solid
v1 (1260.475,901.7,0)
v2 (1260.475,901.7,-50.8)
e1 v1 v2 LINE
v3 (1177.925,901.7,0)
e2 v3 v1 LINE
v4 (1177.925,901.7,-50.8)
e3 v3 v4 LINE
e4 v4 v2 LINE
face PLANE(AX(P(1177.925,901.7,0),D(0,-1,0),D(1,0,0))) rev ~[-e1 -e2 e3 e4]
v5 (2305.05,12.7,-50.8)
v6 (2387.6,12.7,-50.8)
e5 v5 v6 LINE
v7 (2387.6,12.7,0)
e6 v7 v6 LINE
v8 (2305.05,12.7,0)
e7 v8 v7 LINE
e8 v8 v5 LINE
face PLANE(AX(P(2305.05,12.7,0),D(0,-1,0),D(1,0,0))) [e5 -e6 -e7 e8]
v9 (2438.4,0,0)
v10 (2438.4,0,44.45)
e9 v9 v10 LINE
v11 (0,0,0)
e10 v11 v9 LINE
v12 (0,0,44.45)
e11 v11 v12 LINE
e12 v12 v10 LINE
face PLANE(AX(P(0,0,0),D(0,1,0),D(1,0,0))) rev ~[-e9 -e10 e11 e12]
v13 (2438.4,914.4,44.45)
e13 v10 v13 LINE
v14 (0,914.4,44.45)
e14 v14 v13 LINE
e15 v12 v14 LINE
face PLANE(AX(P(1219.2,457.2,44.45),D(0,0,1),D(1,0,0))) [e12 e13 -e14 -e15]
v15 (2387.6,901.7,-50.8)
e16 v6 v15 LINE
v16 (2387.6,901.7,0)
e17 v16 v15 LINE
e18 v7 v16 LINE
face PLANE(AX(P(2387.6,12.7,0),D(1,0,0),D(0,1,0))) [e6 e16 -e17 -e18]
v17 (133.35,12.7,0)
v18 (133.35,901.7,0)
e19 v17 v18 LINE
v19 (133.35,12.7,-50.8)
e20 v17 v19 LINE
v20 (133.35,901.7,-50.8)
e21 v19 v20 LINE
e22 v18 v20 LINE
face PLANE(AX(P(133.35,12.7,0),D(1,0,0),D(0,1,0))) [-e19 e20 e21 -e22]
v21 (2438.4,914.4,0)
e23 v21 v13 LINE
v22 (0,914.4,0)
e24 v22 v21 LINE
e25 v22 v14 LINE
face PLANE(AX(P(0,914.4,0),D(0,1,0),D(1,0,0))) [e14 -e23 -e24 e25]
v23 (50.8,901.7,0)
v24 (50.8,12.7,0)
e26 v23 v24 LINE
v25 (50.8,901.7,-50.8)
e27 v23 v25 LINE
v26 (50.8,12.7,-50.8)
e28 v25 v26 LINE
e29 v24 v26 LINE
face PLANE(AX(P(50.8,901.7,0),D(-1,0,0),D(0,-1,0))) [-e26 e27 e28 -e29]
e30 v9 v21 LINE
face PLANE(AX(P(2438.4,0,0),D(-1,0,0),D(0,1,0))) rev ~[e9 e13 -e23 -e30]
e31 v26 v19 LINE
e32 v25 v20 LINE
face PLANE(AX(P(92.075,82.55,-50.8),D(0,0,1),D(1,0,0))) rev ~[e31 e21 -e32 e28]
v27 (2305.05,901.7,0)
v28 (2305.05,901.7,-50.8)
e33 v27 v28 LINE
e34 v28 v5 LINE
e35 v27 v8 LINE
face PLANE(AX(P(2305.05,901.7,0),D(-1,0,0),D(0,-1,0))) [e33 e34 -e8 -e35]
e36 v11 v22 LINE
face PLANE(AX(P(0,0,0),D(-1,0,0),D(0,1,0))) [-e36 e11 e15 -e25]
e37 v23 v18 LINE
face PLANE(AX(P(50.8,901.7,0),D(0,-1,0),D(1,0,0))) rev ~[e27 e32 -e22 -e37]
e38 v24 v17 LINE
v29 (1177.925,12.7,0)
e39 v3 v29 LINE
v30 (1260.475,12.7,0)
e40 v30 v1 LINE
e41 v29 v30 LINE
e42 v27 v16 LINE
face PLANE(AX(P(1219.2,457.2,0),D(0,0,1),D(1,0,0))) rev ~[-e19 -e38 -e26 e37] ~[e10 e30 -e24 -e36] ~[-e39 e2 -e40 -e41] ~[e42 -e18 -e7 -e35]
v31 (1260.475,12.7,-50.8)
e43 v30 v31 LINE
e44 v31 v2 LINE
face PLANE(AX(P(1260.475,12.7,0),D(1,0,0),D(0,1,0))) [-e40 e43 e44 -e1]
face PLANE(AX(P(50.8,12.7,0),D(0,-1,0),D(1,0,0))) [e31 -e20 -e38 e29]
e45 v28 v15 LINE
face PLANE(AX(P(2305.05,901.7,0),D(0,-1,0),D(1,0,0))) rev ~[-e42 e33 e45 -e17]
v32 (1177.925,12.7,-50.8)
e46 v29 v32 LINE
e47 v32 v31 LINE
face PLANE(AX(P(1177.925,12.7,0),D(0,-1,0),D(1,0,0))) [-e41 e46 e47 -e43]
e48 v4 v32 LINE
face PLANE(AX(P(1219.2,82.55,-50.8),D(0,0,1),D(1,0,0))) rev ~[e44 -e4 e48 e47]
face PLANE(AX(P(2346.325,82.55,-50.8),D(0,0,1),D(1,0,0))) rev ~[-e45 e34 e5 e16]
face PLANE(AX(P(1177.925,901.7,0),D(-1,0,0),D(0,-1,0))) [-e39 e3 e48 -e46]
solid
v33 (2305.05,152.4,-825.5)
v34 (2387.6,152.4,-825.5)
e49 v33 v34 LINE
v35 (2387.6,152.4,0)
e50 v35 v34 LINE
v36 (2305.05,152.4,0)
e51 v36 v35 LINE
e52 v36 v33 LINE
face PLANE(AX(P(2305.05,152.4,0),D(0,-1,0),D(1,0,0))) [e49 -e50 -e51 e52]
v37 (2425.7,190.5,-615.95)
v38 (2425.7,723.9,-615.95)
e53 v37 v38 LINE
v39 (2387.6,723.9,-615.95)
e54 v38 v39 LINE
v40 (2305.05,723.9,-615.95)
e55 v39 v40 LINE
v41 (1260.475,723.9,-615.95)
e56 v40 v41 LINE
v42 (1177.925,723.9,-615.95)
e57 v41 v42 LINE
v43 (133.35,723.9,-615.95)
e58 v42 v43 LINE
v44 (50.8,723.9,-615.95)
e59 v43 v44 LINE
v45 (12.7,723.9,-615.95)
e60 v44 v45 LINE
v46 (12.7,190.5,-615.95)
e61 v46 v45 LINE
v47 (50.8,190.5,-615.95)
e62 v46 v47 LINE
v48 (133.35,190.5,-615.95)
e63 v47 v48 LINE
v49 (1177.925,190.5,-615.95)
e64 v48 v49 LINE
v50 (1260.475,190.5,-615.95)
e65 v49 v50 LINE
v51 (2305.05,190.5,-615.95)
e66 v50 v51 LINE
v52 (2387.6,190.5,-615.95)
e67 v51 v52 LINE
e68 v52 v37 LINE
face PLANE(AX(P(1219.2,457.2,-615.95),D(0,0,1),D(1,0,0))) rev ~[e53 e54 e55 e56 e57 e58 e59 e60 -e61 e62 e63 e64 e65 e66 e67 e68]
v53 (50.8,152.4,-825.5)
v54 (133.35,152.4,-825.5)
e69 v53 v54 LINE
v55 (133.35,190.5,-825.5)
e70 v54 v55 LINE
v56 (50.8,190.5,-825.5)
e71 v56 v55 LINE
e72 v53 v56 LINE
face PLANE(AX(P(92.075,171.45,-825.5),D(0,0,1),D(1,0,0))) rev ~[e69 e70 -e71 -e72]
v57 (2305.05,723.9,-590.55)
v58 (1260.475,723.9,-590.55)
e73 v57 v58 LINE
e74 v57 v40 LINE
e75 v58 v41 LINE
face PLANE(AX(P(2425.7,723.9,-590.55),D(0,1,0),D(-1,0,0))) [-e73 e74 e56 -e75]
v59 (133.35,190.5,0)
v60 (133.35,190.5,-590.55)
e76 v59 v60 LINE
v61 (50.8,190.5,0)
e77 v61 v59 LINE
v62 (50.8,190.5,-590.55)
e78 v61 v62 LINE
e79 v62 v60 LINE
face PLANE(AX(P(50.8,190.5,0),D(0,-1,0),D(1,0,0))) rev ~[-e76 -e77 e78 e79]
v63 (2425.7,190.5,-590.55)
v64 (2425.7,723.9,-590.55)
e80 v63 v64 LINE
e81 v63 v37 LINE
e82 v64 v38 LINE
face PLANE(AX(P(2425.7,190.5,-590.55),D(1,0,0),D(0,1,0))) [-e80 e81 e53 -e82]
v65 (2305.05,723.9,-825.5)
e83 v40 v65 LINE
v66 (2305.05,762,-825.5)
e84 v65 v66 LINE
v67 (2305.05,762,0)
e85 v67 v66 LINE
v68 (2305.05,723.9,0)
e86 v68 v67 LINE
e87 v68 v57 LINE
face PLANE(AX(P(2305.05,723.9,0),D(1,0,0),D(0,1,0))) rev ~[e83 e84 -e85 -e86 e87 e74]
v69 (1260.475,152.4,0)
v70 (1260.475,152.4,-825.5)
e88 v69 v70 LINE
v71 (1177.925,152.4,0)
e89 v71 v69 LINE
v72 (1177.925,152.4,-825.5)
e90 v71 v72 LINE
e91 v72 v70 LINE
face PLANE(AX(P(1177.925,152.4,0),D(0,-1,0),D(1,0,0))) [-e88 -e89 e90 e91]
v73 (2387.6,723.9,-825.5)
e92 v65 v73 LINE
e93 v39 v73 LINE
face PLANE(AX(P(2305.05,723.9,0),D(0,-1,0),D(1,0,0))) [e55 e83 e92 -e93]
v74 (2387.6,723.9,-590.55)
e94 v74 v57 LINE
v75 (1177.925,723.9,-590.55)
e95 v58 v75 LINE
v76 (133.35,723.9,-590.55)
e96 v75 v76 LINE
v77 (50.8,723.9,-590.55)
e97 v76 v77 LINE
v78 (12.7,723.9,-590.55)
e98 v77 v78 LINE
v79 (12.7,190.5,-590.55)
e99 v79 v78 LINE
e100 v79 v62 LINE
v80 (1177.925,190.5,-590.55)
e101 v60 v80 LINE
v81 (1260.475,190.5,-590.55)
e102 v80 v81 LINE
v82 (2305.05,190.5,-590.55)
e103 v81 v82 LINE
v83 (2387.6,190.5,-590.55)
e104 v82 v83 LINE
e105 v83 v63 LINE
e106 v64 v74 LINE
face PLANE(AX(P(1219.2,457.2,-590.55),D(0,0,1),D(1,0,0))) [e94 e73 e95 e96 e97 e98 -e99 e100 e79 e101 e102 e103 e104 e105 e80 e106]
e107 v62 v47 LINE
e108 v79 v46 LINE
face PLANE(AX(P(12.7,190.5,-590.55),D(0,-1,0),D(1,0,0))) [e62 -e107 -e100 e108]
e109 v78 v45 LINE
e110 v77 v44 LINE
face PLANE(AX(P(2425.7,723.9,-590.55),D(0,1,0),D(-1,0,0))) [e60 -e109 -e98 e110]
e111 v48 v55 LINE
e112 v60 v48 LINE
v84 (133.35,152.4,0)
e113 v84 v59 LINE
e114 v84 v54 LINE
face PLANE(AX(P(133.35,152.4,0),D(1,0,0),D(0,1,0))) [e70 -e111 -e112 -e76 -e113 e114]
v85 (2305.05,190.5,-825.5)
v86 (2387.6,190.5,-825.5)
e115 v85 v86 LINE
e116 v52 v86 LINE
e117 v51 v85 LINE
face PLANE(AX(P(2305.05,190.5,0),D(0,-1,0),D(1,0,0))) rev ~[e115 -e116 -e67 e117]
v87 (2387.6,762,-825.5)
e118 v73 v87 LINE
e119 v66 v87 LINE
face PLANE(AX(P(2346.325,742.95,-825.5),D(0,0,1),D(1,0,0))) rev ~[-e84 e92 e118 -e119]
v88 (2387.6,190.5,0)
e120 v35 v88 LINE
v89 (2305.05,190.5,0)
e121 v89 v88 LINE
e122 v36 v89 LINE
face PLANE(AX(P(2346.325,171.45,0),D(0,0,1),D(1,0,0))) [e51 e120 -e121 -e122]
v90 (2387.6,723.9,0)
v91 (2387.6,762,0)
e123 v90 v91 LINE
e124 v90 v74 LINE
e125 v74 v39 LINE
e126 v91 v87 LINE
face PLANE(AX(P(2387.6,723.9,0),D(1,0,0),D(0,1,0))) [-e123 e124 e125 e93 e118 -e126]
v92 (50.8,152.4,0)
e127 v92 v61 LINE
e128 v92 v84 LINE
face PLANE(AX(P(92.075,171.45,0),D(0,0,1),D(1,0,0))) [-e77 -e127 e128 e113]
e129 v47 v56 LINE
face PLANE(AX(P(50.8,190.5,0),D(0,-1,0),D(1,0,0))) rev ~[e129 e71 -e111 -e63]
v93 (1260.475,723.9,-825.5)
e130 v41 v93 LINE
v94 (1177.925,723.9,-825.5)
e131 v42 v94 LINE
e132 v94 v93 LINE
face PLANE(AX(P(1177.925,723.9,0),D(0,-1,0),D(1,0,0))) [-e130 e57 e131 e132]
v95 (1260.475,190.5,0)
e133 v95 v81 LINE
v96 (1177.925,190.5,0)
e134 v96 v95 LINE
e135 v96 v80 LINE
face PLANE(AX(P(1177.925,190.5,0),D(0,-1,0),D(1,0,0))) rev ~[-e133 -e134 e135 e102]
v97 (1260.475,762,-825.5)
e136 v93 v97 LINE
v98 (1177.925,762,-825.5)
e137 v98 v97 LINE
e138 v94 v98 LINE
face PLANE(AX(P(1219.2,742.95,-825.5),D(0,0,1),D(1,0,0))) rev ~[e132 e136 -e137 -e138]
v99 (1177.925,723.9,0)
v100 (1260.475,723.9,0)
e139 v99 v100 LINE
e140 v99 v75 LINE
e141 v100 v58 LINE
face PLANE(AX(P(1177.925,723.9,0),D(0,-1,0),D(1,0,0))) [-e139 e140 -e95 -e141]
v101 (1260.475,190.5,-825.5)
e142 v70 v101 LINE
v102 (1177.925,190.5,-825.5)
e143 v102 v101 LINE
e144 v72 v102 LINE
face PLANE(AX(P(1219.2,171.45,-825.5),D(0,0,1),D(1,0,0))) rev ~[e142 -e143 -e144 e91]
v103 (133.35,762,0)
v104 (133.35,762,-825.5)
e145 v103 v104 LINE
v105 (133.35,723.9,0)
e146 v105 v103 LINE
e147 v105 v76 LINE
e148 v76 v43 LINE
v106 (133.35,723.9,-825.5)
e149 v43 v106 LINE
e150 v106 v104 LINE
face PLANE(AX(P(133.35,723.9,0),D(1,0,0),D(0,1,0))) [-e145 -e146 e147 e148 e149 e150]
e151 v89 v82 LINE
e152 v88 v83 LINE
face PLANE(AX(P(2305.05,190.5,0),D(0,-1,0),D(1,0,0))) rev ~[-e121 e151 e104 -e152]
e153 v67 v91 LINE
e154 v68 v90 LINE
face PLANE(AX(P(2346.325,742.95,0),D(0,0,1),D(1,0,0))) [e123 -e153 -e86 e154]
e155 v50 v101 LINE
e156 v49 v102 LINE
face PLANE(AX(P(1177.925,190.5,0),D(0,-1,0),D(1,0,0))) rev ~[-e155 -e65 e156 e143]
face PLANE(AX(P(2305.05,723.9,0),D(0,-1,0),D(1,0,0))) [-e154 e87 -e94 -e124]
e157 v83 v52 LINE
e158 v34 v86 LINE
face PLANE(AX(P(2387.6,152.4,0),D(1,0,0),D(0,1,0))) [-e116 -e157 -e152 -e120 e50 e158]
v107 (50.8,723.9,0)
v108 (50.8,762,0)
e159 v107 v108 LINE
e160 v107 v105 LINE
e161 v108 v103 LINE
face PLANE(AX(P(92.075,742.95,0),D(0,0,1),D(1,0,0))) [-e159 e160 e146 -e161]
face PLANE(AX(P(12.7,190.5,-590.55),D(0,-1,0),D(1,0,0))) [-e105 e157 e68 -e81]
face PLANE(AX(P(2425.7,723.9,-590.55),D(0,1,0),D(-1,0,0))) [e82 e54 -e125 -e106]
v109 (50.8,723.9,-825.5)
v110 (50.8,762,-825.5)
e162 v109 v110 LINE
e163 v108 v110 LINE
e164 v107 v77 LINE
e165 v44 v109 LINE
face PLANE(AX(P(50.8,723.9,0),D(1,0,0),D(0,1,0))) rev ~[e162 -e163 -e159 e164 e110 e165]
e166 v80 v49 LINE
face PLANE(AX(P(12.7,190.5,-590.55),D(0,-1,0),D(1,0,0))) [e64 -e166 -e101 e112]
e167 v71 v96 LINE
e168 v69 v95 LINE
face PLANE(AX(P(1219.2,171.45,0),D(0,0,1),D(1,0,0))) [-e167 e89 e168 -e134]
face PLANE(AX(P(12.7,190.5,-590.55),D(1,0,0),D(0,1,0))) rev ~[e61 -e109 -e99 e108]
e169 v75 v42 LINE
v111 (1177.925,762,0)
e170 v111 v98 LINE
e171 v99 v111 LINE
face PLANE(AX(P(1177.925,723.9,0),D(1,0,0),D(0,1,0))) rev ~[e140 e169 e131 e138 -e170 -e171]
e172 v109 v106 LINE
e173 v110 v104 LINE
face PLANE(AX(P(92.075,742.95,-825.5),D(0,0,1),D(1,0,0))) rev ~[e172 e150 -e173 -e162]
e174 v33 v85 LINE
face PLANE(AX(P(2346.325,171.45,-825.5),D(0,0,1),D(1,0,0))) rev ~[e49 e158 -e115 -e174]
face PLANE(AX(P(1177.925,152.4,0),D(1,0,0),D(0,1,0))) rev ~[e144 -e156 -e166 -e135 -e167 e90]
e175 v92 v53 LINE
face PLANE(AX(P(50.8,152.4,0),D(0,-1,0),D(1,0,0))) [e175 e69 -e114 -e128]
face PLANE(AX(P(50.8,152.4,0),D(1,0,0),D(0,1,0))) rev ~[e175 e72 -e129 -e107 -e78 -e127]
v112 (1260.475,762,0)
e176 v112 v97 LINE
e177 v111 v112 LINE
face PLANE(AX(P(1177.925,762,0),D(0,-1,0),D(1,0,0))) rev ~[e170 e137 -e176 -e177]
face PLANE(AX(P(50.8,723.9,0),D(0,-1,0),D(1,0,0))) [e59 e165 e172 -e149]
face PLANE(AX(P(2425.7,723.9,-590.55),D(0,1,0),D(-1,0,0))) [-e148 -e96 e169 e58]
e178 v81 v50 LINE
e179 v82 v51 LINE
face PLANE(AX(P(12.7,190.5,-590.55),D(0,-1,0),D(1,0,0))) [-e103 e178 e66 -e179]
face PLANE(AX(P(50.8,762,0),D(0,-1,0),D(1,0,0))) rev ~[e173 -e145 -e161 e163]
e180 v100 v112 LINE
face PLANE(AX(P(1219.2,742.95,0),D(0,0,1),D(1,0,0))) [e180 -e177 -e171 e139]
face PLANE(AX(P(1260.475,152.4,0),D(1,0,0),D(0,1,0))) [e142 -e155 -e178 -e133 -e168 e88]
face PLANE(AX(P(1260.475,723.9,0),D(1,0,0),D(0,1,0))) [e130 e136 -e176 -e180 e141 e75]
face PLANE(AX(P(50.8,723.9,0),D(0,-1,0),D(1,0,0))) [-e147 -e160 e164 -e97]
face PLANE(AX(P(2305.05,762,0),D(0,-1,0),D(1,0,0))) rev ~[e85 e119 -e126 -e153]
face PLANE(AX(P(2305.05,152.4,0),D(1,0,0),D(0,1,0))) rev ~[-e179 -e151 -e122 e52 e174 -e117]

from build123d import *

# Parameters (mm, degrees)
F0_W     = 2438.4
F0_H     = 914.4
F0_W_2   = 82.55
F0_H_2   = 139.7
F0_H_3   = 38.1
F0_H_4   = 533.4
F1_DEPTH = 44.45
F2_DEPTH = 50.8
F3_DEPTH = 825.5
F5_W     = 2171.7
F5_H     = 533.4
F5_W_2   = 82.55
F5_W_3   = 38.1
F6_DEPTH = 25.4


with BuildPart() as f1:
    # F0 (on Top) → F1 (new body)
    with BuildSketch(Plane.XY):
        with Locations((1219.2, 457.2)):
            Rectangle(F0_W, F0_H)
        Polygon((50.8, 762), (50.8, 901.7), (133.35, 901.7), (133.35, 762), (133.35, 723.9), (133.35, 190.5), (133.35, 152.4), (133.35, 12.7), (50.8, 12.7), (50.8, 152.4), (50.8, 190.5), (50.8, 723.9), align=None, mode=Mode.SUBTRACT)
        Polygon((1177.925, 762), (1177.925, 901.7), (1260.475, 901.7), (1260.475, 762), (1260.475, 723.9), (1260.475, 190.5), (1260.475, 152.4), (1260.475, 12.7), (1177.925, 12.7), (1177.925, 152.4), (1177.925, 190.5), (1177.925, 723.9), align=None, mode=Mode.SUBTRACT)
        Polygon((2305.05, 901.7), (2387.6, 901.7), (2387.6, 762), (2387.6, 723.9), (2387.6, 190.5), (2387.6, 152.4), (2387.6, 12.7), (2305.05, 12.7), (2305.05, 152.4), (2305.05, 190.5), (2305.05, 723.9), (2305.05, 762), align=None, mode=Mode.SUBTRACT)
        with Locations((92.075, 831.85)):
            Rectangle(F0_W_2, F0_H_2)
        with Locations((92.075, 742.95)):
            Rectangle(F0_W_2, F0_H_3)
        with Locations((92.075, 457.2)):
            Rectangle(F0_W_2, F0_H_4)
        with Locations((92.075, 171.45)):
            Rectangle(F0_W_2, F0_H_3)
        with Locations((92.075, 82.55)):
            Rectangle(F0_W_2, F0_H_2)
        with Locations((1219.2, 82.55)):
            Rectangle(F0_W_2, F0_H_2)
        with Locations((1219.2, 171.45)):
            Rectangle(F0_W_2, F0_H_3)
        with Locations((1219.2, 457.2)):
            Rectangle(F0_W_2, F0_H_4)
        with Locations((1219.2, 742.95)):
            Rectangle(F0_W_2, F0_H_3)
        with Locations((1219.2, 831.85)):
            Rectangle(F0_W_2, F0_H_2)
        with Locations((2346.325, 831.85)):
            Rectangle(F0_W_2, F0_H_2)
        with Locations((2346.325, 742.95)):
            Rectangle(F0_W_2, F0_H_3)
        with Locations((2346.325, 457.2)):
            Rectangle(F0_W_2, F0_H_4)
        with Locations((2346.325, 171.45)):
            Rectangle(F0_W_2, F0_H_3)
        with Locations((2346.325, 82.55)):
            Rectangle(F0_W_2, F0_H_2)
    extrude(amount=F1_DEPTH)

    # F0 (on Top) → F2 (join)
    with BuildSketch(Plane.XY):
        with Locations((92.075, 82.55)):
            Rectangle(F0_W_2, F0_H_2)
        with Locations((92.075, 171.45)):
            Rectangle(F0_W_2, F0_H_3)
        with Locations((92.075, 457.2)):
            Rectangle(F0_W_2, F0_H_4)
        with Locations((92.075, 742.95)):
            Rectangle(F0_W_2, F0_H_3)
        with Locations((92.075, 831.85)):
            Rectangle(F0_W_2, F0_H_2)
        with Locations((1219.2, 82.55)):
            Rectangle(F0_W_2, F0_H_2)
        with Locations((1219.2, 457.2)):
            Rectangle(F0_W_2, F0_H_4)
        with Locations((1219.2, 171.45)):
            Rectangle(F0_W_2, F0_H_3)
        with Locations((1219.2, 742.95)):
            Rectangle(F0_W_2, F0_H_3)
        with Locations((1219.2, 831.85)):
            Rectangle(F0_W_2, F0_H_2)
        with Locations((2346.325, 82.55)):
            Rectangle(F0_W_2, F0_H_2)
        with Locations((2346.325, 171.45)):
            Rectangle(F0_W_2, F0_H_3)
        with Locations((2346.325, 457.2)):
            Rectangle(F0_W_2, F0_H_4)
        with Locations((2346.325, 742.95)):
            Rectangle(F0_W_2, F0_H_3)
        with Locations((2346.325, 831.85)):
            Rectangle(F0_W_2, F0_H_2)
    extrude(amount=-F2_DEPTH)


with BuildPart() as f3:
    # F0 (on Top) → F3 (new body)
    with BuildSketch(Plane.XY):
        with Locations((92.075, 171.45)):
            Rectangle(F0_W_2, F0_H_3)
    extrude(amount=-F3_DEPTH)



with BuildPart() as f3b:
    # F0 (on Top) → F3, piece 2 (new body)
    with BuildSketch(Plane.XY):
        with Locations((92.075, 742.95)):
            Rectangle(F0_W_2, F0_H_3)
    extrude(amount=-F3_DEPTH)


with BuildPart() as f3c:
    # F0 (on Top) → F3, piece 3 (new body)
    with BuildSketch(Plane.XY):
        with Locations((1219.2, 171.45)):
            Rectangle(F0_W_2, F0_H_3)
    extrude(amount=-F3_DEPTH)


with BuildPart() as f3d:
    # F0 (on Top) → F3, piece 4 (new body)
    with BuildSketch(Plane.XY):
        with Locations((1219.2, 742.95)):
            Rectangle(F0_W_2, F0_H_3)
    extrude(amount=-F3_DEPTH)


with BuildPart() as f3e:
    # F0 (on Top) → F3, piece 5 (new body)
    with BuildSketch(Plane.XY):
        with Locations((2346.325, 171.45)):
            Rectangle(F0_W_2, F0_H_3)
    extrude(amount=-F3_DEPTH)


with BuildPart() as f3f:
    # F0 (on Top) → F3, piece 6 (new body)
    with BuildSketch(Plane.XY):
        with Locations((2346.325, 742.95)):
            Rectangle(F0_W_2, F0_H_3)
    extrude(amount=-F3_DEPTH)


with BuildPart() as f3_1:
    add(f3.part)

    add(f3b.part)  # F6 merges F3b

    add(f3c.part)  # F6 merges F3c

    add(f3d.part)  # F6 merges F3d

    add(f3e.part)  # F6 merges F3e

    add(f3f.part)  # F6 merges F3f
    # F5 (on offset) → F6 (join)
    with BuildSketch(Plane.XY.offset(-590.55)):
        with Locations((1219.2, 457.2)):
            Rectangle(F5_W, F5_H)
        with Locations((92.075, 457.2)):
            Rectangle(F5_W_2, F5_H)
        with Locations((31.75, 457.2)):
            Rectangle(F5_W_3, F5_H)
        with Locations((2346.325, 457.2)):
            Rectangle(F5_W_2, F5_H)
        with Locations((2406.65, 457.2)):
            Rectangle(F5_W_3, F5_H)
    extrude(amount=-F6_DEPTH)


solid = Compound([f1.part, f3_1.part])
